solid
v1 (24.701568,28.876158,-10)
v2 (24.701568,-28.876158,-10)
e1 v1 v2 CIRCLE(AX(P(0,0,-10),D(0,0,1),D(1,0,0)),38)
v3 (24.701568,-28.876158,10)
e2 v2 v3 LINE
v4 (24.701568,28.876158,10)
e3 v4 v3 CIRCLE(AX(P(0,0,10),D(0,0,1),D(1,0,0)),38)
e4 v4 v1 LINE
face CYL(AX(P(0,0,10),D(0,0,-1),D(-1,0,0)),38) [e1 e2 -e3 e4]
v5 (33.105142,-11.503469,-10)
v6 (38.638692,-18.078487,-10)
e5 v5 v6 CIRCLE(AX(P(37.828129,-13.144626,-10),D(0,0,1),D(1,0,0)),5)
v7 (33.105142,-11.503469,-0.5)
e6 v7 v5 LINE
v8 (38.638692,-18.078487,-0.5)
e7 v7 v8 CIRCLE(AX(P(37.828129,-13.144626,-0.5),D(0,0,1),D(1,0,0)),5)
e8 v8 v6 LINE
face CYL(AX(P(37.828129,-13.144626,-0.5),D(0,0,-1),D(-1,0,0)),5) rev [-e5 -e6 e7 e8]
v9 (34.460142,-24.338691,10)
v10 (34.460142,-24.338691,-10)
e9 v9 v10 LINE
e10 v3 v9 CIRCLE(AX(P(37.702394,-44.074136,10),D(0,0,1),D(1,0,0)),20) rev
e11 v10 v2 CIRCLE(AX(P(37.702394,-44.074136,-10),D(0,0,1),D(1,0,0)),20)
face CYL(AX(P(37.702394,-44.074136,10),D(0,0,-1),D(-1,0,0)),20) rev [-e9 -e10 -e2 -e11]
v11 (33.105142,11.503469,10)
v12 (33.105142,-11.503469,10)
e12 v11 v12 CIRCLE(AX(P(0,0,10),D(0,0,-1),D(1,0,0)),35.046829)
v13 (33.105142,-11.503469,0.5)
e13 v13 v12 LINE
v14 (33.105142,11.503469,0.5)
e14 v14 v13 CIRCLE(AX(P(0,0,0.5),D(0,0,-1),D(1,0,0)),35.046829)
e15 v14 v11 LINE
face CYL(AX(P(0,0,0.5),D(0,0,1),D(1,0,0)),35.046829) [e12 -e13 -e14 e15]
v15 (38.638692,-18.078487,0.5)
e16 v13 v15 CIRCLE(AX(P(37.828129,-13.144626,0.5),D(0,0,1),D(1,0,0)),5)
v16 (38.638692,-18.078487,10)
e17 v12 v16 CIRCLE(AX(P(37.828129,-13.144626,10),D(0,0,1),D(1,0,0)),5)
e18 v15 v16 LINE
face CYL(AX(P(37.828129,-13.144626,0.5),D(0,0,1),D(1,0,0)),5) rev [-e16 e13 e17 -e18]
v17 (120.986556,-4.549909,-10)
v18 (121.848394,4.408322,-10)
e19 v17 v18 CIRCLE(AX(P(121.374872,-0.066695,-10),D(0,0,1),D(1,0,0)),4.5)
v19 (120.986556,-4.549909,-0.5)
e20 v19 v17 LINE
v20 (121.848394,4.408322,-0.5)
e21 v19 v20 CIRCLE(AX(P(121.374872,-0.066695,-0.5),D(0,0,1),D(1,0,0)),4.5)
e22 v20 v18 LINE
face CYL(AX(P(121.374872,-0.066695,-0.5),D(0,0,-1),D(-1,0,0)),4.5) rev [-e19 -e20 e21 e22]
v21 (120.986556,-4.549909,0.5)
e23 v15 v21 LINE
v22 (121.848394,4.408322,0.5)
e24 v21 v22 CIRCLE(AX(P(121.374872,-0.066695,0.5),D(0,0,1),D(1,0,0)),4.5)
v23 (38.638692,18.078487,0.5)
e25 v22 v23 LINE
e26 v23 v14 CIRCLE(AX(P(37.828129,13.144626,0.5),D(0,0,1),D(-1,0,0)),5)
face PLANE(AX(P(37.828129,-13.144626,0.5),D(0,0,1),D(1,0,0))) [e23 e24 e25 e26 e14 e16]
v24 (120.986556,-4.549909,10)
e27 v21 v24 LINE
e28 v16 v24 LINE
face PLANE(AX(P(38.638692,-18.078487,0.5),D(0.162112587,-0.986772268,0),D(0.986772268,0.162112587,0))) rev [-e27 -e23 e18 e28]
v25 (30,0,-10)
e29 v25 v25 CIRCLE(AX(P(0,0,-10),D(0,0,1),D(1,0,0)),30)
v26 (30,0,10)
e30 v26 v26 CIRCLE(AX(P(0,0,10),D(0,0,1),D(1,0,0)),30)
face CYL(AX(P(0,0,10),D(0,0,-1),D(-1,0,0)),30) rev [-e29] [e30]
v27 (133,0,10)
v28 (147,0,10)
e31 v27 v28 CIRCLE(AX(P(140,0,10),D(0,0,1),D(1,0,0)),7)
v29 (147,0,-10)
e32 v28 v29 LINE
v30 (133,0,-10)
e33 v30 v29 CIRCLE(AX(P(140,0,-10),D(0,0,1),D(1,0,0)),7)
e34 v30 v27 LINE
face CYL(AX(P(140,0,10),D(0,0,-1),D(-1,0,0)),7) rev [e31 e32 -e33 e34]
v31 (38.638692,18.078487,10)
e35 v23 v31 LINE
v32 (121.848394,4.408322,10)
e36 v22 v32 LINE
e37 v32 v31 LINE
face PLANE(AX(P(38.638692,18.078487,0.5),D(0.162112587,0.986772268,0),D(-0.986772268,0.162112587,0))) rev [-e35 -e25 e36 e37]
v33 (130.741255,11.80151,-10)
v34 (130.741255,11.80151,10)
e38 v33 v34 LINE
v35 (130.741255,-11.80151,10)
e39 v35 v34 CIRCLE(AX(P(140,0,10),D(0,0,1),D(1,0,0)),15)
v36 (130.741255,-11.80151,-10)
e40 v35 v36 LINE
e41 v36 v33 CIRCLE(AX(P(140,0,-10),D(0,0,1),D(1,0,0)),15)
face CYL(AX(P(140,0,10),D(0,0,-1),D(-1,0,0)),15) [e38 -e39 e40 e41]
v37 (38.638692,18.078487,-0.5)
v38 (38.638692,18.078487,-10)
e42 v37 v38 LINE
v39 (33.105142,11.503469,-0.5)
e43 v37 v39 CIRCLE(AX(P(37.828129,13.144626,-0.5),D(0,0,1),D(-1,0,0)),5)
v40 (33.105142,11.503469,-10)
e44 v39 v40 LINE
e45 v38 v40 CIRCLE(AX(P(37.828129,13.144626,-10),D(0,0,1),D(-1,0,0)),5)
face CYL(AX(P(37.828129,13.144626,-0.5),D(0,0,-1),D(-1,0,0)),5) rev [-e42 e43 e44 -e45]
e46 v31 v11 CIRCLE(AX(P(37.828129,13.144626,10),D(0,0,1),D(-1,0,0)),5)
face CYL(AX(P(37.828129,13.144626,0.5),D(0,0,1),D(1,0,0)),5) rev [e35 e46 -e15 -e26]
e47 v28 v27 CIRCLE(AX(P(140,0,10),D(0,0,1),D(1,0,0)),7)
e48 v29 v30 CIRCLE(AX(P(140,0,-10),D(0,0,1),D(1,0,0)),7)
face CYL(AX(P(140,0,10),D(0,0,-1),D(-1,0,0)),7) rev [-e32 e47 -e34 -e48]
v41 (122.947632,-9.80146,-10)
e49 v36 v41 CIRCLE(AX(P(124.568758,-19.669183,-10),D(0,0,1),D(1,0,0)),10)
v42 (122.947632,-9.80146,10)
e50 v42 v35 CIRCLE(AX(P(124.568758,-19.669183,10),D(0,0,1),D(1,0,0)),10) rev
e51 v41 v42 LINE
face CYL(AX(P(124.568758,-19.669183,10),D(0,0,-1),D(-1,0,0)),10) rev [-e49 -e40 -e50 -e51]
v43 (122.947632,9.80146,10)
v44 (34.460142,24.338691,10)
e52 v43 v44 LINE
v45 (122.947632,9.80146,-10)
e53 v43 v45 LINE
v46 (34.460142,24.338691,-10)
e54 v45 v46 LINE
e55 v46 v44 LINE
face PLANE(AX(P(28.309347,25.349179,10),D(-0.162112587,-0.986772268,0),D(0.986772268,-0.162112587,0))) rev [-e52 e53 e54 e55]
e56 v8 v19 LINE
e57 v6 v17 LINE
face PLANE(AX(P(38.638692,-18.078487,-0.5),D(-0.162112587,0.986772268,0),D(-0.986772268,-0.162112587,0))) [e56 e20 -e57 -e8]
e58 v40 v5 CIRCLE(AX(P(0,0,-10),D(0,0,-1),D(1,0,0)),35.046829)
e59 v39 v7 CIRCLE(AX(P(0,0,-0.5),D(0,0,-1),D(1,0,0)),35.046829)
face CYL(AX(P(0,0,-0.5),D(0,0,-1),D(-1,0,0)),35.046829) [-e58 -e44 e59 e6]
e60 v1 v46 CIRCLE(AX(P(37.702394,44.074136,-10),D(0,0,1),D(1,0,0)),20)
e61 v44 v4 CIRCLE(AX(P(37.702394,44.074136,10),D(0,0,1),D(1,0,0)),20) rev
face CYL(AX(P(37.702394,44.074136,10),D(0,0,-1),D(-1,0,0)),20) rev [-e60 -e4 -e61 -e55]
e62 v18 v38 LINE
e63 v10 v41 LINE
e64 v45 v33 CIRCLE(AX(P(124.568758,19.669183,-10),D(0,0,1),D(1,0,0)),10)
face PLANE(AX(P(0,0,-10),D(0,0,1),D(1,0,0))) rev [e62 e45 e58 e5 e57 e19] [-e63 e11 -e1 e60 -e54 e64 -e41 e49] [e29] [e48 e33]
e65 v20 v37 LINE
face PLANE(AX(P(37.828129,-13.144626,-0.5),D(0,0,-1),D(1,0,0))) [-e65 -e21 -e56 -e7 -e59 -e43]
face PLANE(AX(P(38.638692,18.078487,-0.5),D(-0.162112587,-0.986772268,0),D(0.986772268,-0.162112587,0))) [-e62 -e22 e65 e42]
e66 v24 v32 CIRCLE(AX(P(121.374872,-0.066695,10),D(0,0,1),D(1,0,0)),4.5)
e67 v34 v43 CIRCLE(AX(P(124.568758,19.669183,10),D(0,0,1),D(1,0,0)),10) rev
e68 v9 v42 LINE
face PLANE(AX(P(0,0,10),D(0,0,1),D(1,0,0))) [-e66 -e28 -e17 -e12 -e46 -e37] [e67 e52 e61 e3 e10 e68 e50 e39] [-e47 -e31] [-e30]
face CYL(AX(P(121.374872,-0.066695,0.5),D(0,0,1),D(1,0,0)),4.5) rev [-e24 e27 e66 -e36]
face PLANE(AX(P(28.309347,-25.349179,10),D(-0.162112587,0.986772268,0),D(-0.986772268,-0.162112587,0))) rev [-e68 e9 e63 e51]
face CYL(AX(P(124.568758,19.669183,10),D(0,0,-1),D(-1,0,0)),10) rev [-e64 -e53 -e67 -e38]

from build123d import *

# Parameters (mm, degrees)
SKETCH1_R           = 30
SKETCH1_R_2         = 7
BOSS_EXTRUDE1_DEPTH = 10
FILLET1_R           = 20
FILLET2_R           = 10
CUT_EXTRUDE1_DEPTH  = 9.5


with BuildPart() as part:
    # Sketch1 → Boss-Extrude1 (new body, symmetric)
    with BuildSketch(Plane.XY):
        with BuildLine():
            Line((28.309347234, -25.349178669), (127.980959562, -8.974556643))
            ThreePointArc((127.980959562, -8.974556643), (155, 0), (127.980959562, 8.974556643))
            Line((127.980959562, 8.974556643), (28.309347234, 25.349178669))
            ThreePointArc((28.309347234, 25.349178669), (-38, 0), (28.309347234, -25.349178669))
        make_face()
        Circle(SKETCH1_R, mode=Mode.SUBTRACT)
        with Locations((140, 0)):
            Circle(SKETCH1_R_2, mode=Mode.SUBTRACT)
    extrude(amount=BOSS_EXTRUDE1_DEPTH, both=True)

    # Fillet1
    fillet1_edges = [part.edges().sort_by_distance(p)[0] for p in [
        (28.309347234, 25.349178669, 0),
        (28.309347234, -25.349178669, 0),
    ]]
    fillet(fillet1_edges, radius=FILLET1_R)

    # Fillet2
    fillet2_edges = [part.edges().sort_by_distance(p)[0] for p in [
        (127.980959562, 8.974556643, 0),
        (127.980959562, -8.974556643, 0),
    ]]
    fillet(fillet2_edges, radius=FILLET2_R)

    # Sketch2 → Cut-Extrude1 (cut)
    with BuildSketch(Plane.XY.offset(10)):
        with BuildLine():
            Line((38.638691874, 18.07848713), (121.848393563, 4.408321852))
            ThreePointArc((121.848393563, 4.408321852), (125.854189802, -0.497633455), (120.986555874, -4.549909473))
            Line((120.986555874, -4.549909473), (38.638691874, -18.07848713))
            ThreePointArc((38.638691874, -18.07848713), (34.002624892, -16.364178365), (33.10514216, -11.503468916))
            ThreePointArc((33.10514216, -11.503468916), (35.046829165, 0), (33.10514216, 11.503468916))
            ThreePointArc((33.10514216, 11.503468916), (34.002624892, 16.364178365), (38.638691874, 18.07848713))
        make_face()
    cut_extrude1 = extrude(amount=-CUT_EXTRUDE1_DEPTH, mode=Mode.SUBTRACT)

    # Mirror1: Cut-Extrude1 across plane
    add(cut_extrude1.mirror(Plane.XY), mode=Mode.SUBTRACT)


solid = part.part
